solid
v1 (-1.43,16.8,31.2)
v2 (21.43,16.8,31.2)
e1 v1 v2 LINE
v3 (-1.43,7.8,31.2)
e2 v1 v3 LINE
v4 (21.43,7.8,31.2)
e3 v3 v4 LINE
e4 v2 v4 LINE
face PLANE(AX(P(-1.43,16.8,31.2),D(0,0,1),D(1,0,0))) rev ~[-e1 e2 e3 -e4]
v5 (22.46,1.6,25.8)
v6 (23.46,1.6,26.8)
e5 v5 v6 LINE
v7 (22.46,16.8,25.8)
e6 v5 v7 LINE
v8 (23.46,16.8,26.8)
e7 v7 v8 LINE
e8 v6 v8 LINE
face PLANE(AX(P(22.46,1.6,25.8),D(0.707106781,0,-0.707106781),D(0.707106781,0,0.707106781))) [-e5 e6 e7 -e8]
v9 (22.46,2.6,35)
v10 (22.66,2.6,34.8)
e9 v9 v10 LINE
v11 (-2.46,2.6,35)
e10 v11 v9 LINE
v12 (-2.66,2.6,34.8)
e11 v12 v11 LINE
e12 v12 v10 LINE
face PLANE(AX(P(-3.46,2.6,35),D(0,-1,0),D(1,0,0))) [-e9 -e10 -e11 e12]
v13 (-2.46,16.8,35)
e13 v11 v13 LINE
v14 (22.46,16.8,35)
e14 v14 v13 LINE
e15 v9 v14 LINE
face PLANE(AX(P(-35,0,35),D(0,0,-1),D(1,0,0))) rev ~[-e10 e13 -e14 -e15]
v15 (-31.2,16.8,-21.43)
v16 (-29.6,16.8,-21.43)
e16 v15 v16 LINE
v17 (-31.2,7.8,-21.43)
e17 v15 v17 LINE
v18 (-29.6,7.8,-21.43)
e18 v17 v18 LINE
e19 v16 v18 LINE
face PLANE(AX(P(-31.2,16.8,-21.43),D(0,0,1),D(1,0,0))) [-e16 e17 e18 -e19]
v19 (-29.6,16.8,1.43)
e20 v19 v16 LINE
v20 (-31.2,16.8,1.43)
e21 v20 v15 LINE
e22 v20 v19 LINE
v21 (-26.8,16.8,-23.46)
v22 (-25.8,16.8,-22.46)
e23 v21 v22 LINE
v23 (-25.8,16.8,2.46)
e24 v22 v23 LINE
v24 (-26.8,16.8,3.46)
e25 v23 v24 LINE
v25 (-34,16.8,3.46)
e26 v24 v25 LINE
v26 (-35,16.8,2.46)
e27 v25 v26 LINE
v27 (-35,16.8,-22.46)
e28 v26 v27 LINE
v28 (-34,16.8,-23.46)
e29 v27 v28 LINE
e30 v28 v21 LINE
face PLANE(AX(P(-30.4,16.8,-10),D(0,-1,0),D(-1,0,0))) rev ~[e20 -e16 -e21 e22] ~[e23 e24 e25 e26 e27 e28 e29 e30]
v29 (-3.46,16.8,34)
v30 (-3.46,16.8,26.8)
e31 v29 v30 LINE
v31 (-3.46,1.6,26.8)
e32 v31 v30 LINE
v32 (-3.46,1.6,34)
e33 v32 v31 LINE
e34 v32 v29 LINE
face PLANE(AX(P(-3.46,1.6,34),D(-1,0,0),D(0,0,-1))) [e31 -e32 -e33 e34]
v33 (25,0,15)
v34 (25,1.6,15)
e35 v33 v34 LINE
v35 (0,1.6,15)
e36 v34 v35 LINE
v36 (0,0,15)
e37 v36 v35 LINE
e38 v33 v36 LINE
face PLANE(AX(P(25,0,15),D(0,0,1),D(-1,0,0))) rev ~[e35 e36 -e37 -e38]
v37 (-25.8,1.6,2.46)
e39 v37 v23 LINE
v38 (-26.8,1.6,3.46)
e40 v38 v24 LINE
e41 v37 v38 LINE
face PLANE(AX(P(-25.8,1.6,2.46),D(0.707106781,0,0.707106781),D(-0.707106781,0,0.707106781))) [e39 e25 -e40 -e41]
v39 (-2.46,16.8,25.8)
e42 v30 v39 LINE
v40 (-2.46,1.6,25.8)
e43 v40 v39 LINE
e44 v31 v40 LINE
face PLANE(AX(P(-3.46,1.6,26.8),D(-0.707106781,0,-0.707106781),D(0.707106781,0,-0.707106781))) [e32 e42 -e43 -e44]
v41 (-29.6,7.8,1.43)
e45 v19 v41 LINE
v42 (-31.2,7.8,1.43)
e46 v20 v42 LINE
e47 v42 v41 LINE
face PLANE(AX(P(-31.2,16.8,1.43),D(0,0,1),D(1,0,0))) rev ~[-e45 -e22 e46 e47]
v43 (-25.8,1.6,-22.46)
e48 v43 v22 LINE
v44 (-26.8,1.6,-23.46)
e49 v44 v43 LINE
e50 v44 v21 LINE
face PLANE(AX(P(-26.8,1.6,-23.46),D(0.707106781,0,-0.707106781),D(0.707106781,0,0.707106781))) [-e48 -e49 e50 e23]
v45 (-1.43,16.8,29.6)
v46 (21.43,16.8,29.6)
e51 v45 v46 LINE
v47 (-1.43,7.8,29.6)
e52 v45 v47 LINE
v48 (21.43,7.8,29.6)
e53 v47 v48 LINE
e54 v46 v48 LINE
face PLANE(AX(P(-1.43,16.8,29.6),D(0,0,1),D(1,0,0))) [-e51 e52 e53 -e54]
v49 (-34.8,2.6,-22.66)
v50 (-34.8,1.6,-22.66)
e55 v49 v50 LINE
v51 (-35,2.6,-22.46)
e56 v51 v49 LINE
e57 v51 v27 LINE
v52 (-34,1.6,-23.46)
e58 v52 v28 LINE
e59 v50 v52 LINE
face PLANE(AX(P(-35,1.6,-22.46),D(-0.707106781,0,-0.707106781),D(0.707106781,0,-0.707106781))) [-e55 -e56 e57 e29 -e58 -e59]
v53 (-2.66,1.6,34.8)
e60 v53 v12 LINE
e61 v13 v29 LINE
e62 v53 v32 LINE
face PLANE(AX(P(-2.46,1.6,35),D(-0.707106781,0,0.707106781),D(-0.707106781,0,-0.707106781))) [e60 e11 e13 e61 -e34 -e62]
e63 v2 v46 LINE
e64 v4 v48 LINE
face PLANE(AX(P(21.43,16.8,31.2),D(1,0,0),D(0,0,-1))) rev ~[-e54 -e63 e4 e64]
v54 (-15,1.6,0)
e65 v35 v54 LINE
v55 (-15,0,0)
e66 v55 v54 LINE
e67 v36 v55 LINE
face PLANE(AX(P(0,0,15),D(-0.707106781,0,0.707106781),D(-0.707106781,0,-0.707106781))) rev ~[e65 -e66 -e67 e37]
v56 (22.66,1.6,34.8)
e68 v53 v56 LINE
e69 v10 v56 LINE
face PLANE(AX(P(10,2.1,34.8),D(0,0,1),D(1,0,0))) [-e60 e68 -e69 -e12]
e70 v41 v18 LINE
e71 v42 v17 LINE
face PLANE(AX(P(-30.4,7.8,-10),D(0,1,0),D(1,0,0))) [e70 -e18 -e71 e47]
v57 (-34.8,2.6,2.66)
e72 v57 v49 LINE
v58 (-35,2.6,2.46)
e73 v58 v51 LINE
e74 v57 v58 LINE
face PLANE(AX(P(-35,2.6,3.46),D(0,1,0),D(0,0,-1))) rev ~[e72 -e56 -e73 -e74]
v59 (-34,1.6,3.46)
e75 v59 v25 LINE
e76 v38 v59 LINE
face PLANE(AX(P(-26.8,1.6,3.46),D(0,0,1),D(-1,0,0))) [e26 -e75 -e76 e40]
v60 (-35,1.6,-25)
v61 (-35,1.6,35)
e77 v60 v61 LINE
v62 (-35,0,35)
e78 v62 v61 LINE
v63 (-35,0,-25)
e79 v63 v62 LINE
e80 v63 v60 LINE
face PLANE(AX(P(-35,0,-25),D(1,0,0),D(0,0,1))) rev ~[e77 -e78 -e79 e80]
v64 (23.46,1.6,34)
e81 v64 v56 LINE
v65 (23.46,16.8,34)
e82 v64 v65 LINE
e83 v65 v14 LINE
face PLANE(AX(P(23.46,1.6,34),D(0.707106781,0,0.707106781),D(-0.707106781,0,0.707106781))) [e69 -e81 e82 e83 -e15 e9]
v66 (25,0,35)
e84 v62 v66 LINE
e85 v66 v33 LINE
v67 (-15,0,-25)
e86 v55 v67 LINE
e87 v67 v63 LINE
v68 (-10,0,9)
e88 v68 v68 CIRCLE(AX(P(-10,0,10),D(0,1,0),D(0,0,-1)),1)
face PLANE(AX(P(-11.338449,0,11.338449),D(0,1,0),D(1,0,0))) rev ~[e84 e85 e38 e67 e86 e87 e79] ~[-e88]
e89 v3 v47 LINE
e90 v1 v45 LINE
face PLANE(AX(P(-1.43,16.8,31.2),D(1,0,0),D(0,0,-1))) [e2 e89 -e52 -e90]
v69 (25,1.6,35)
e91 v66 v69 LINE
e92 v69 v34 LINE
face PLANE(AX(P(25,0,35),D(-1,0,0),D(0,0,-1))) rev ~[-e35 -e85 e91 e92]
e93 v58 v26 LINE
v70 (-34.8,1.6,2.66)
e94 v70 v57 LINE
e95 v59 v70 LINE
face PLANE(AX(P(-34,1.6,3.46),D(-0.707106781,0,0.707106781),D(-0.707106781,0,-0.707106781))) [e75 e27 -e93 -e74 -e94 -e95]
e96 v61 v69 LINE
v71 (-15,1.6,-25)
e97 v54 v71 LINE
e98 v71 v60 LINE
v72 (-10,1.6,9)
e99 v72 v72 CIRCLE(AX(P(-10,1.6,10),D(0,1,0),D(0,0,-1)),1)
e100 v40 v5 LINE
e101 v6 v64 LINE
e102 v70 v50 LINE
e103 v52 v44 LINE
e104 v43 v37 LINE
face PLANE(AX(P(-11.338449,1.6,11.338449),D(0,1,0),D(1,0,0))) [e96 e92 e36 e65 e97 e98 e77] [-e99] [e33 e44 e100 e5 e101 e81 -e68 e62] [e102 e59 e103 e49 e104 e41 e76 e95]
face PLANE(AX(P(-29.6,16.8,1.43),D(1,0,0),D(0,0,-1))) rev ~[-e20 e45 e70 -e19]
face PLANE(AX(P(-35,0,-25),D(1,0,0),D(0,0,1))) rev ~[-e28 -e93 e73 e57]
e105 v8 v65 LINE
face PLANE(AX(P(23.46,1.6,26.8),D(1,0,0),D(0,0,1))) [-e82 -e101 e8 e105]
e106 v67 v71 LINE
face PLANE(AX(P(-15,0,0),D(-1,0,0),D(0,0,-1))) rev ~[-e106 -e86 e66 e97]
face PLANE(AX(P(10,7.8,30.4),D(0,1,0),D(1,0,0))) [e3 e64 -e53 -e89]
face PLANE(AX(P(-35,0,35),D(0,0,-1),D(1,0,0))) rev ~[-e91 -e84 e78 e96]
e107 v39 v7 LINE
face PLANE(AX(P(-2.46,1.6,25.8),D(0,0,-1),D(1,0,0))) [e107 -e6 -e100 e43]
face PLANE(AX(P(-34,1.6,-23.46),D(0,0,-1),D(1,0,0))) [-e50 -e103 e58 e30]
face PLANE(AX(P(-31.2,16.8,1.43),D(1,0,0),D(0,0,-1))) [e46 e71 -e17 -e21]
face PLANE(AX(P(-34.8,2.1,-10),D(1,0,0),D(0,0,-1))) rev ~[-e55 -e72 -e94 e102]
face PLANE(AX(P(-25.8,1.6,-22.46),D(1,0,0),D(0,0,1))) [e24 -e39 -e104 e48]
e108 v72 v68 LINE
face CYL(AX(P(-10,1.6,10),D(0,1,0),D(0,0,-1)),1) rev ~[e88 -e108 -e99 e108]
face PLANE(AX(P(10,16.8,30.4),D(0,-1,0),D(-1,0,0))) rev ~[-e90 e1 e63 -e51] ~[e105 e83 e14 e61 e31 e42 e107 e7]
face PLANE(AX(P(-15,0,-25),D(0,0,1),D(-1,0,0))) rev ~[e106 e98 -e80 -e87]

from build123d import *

# Parameters (mm, degrees)
EXTRUDE_1_DEPTH     = 1.6
EXTRUDE_START       = 1.6
EXTRUDE_2_DEPTH     = 15.2
CUT_EXTRUDE_START   = 35
SKETCH_5_W          = 26.92
SKETCH_5_H          = 1
CUT_EXTRUDE_2_DEPTH = 0.2
CUT_EXTRUDE_START_2 = -35
SKETCH_6_W          = 26.92
SKETCH_6_H          = 1
CUT_EXTRUDE_3_DEPTH = 0.2
CUT_EXTRUDE_START_3 = 16.8
SKETCH_7_W          = 1.6
SKETCH_7_H          = 22.86
SKETCH_7_W_2        = 22.86
SKETCH_7_H_2        = 1.6
CUT_EXTRUDE_4_DEPTH = 9
CUT_EXTRUDE_START_4 = 1.6
SKETCH_8_R          = 1
CUT_EXTRUDE_5_DEPTH = 1.6


with BuildPart() as part:
    # 草图2 → 凸台-拉伸1 (new body)
    with BuildSketch(Plane(origin=(0, 0, 0), x_dir=(1, 0, 0), z_dir=(0, 1, 0))):
        Polygon((-15, 0), (-15, 25), (-35, 25), (-35, 0), (-35, -35), (0, -35), (25, -35), (25, -15), (0, -15), align=None)
    extrude(amount=EXTRUDE_1_DEPTH)

    # 草图3 → 凸台-拉伸2 (add)
    with BuildSketch(Plane(origin=(0, 0, 0), x_dir=(1, 0, 0), z_dir=(0, 1, 0)).offset(EXTRUDE_START)):
        Polygon((-34, -3.46), (-35, -2.46), (-35, 22.46), (-34, 23.46), (-26.8, 23.46), (-25.8, 22.46), (-25.8, -2.46), (-26.8, -3.46), align=None)
        Polygon((22.46, -35), (-2.46, -35), (-3.46, -34), (-3.46, -26.8), (-2.46, -25.8), (22.46, -25.8), (23.46, -26.8), (23.46, -34), align=None)
    extrude(amount=EXTRUDE_2_DEPTH)

    # 草图5 → 切除-拉伸2 (cut)
    with BuildSketch(Plane.XY.offset(CUT_EXTRUDE_START)):
        with Locations((10, 2.1)):
            Rectangle(SKETCH_5_W, SKETCH_5_H)
    extrude(amount=-CUT_EXTRUDE_2_DEPTH, mode=Mode.SUBTRACT)

    # 草图6 → 切除-拉伸3 (cut)
    with BuildSketch(Plane(origin=(0, 0, 0), x_dir=(0, 0, -1), z_dir=(1, 0, 0)).offset(CUT_EXTRUDE_START_2)):
        with Locations((10, 2.1)):
            Rectangle(SKETCH_6_W, SKETCH_6_H)
    extrude(amount=CUT_EXTRUDE_3_DEPTH, mode=Mode.SUBTRACT)

    # 草图7 → 切除-拉伸4 (cut)
    with BuildSketch(Plane(origin=(0, 0, 0), x_dir=(1, 0, 0), z_dir=(0, 1, 0)).offset(CUT_EXTRUDE_START_3)):
        with Locations((-30.4, 10)):
            Rectangle(SKETCH_7_W, SKETCH_7_H)
        with Locations((10, -30.4)):
            Rectangle(SKETCH_7_W_2, SKETCH_7_H_2)
    extrude(amount=-CUT_EXTRUDE_4_DEPTH, mode=Mode.SUBTRACT)

    # 草图8 → 切除-拉伸5 (cut)
    with BuildSketch(Plane(origin=(0, 0, 0), x_dir=(1, 0, 0), z_dir=(0, 1, 0)).offset(CUT_EXTRUDE_START_4)):
        with Locations(Location((-10, -10, 0), (0, 0, 90))):
            Circle(SKETCH_8_R)
    extrude(amount=-CUT_EXTRUDE_5_DEPTH, mode=Mode.SUBTRACT)


solid = part.part
